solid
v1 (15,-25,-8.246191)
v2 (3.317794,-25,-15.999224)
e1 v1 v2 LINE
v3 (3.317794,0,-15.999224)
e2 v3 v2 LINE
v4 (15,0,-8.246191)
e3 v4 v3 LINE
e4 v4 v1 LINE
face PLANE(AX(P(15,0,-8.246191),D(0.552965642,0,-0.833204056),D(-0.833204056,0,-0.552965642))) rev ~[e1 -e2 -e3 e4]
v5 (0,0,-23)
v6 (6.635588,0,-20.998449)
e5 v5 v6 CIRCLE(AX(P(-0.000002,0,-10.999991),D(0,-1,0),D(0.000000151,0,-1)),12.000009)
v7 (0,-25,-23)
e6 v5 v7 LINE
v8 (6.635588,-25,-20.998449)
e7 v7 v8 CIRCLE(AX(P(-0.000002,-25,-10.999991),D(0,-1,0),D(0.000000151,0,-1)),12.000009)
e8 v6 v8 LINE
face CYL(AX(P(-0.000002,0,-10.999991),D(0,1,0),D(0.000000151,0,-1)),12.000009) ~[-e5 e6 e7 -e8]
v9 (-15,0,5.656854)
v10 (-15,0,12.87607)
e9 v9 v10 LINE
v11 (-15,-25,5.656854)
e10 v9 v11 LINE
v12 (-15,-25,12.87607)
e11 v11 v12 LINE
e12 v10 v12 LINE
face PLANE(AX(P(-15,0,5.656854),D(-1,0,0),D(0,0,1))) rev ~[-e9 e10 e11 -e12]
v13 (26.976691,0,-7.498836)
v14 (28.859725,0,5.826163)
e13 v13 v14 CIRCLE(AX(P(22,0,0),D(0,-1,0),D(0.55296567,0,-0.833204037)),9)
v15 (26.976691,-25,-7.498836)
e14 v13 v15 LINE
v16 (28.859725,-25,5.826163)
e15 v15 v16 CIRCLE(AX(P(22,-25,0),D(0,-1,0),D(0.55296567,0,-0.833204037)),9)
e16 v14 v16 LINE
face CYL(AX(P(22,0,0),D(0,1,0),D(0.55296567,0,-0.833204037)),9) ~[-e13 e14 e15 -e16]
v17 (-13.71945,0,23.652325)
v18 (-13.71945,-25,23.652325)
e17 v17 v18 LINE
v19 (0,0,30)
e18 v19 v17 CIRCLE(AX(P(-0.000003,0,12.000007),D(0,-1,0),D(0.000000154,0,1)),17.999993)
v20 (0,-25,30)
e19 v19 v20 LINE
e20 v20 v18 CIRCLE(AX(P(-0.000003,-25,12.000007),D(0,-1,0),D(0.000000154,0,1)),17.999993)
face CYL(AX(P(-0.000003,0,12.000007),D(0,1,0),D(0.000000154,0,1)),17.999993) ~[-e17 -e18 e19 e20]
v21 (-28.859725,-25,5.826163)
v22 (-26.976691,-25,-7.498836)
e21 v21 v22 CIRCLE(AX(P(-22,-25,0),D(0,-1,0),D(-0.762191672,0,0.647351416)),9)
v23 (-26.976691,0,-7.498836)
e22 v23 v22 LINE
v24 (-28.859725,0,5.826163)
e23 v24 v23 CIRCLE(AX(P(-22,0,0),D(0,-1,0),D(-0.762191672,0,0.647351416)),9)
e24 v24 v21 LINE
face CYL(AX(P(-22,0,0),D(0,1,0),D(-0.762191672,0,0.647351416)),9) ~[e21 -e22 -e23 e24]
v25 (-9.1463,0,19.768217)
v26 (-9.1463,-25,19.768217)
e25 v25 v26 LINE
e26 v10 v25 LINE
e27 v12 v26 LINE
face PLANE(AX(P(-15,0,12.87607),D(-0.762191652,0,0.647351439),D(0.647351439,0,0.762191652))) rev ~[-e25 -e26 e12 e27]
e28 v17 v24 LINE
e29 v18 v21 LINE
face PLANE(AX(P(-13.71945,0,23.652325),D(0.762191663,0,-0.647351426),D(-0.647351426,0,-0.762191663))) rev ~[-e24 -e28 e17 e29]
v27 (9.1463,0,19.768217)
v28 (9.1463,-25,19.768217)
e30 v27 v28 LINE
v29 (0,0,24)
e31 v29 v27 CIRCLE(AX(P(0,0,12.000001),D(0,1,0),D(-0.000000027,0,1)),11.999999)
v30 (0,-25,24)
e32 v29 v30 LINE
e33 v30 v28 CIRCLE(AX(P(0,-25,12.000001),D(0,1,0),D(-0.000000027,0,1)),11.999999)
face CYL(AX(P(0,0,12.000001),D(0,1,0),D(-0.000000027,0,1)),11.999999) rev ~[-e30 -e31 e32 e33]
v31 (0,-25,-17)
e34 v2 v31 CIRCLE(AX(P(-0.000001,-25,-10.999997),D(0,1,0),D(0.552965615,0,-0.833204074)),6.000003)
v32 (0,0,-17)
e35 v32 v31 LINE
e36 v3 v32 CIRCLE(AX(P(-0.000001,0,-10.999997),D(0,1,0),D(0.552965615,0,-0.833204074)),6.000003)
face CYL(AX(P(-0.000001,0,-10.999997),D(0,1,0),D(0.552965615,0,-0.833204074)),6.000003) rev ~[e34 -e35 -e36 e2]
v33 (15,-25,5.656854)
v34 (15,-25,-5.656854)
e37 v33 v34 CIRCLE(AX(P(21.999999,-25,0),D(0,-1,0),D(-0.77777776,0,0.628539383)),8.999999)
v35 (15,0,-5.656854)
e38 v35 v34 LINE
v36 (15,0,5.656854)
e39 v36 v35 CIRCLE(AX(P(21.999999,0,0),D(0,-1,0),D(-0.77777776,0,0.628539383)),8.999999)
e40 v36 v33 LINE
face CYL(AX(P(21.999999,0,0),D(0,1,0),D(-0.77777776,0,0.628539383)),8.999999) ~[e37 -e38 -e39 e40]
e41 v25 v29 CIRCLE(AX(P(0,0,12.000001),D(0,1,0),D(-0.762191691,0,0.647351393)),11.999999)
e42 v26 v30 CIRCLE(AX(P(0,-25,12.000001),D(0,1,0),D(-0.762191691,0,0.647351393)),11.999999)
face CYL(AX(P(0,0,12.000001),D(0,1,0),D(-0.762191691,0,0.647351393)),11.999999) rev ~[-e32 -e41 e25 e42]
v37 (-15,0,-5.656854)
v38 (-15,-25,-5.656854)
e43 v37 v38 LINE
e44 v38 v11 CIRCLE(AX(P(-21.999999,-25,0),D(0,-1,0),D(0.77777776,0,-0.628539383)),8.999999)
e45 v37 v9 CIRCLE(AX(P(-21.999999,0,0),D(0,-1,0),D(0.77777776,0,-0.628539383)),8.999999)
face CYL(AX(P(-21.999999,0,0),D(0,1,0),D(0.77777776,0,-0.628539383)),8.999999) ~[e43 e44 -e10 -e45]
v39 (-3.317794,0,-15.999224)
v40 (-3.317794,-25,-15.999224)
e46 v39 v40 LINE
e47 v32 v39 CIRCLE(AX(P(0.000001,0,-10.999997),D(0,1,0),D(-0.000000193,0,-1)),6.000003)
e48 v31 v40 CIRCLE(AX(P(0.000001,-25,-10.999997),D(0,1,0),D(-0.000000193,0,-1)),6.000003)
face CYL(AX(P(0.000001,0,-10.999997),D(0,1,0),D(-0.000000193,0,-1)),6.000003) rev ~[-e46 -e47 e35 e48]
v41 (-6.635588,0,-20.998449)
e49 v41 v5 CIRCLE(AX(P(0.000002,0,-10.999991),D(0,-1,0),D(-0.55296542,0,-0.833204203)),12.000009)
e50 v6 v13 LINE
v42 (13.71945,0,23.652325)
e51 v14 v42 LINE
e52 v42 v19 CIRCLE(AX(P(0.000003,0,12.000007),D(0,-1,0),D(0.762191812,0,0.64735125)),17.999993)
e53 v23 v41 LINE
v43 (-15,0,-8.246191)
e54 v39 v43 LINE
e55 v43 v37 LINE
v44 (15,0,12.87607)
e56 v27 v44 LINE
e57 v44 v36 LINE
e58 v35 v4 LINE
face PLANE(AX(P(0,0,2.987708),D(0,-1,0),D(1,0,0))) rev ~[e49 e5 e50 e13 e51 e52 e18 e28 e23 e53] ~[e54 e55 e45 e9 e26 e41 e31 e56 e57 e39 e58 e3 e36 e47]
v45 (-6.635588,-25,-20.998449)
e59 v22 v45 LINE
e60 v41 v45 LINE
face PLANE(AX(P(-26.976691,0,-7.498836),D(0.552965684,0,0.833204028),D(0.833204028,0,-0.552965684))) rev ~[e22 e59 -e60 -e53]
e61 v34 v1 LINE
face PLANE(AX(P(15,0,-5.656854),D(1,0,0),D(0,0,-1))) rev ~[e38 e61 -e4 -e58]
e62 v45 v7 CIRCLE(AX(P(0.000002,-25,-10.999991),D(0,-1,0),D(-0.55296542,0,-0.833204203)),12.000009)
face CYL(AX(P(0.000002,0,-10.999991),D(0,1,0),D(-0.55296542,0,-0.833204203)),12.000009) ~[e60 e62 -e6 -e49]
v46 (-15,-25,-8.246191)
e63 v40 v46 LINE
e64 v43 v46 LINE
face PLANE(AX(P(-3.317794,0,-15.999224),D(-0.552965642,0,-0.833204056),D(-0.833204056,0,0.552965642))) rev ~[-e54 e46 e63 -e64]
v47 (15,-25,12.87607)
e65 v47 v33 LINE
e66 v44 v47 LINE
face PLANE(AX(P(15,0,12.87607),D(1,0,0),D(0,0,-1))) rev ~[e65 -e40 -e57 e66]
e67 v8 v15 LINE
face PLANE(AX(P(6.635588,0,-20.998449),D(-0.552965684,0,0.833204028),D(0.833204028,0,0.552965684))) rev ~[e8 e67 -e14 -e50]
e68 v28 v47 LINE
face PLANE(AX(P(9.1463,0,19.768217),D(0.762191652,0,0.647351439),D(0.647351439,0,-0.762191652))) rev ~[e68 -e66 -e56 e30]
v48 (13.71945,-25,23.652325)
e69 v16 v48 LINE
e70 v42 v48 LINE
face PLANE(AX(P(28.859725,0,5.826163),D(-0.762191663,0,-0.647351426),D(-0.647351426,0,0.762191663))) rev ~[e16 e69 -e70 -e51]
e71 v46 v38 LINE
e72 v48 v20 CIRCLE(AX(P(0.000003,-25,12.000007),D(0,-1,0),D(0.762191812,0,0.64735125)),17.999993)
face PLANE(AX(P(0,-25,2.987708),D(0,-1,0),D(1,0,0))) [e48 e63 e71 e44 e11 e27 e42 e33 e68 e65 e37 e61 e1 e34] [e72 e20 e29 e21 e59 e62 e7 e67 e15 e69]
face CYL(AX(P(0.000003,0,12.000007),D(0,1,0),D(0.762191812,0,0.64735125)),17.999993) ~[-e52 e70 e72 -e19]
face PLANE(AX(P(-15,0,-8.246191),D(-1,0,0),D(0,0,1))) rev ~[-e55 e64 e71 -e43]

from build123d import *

# Parameters (mm, degrees)
F1_DEPTH = 25


with BuildPart() as f1:
    # F0 (on Front) → F1 (new body)
    with BuildSketch(Plane.XZ):
        with BuildLine():
            Line((28.859725, 5.826163), (13.71945, 23.652325))
            ThreePointArc((13.71945, 23.652325), (7.558378, 28.336185), (0, 30))
            ThreePointArc((0, 30), (-7.558378, 28.336185), (-13.71945, 23.652325))
            Line((-13.71945, 23.652325), (-28.859725, 5.826163))
            ThreePointArc((-28.859725, 5.826163), (-30.911458, -1.259331), (-26.976691, -7.498836))
            Line((-26.976691, -7.498836), (-6.635588, -20.998449))
            ThreePointArc((-6.635588, -20.998449), (-3.465445, -22.48872), (0, -23))
            ThreePointArc((0, -23), (3.465445, -22.48872), (6.635588, -20.998449))
            Line((6.635588, -20.998449), (26.976691, -7.498836))
            ThreePointArc((26.976691, -7.498836), (30.911458, -1.259331), (28.859725, 5.826163))
        make_face()
        with BuildLine():
            Line((15, 12.87607), (15, 5.656854))
            ThreePointArc((15, 5.656854), (13, 0), (15, -5.656854))
            Line((15, -5.656854), (15, -8.246191))
            Line((15, -8.246191), (3.317794, -15.999224))
            ThreePointArc((3.317794, -15.999224), (1.732722, -16.74436), (0, -17))
            ThreePointArc((0, -17), (-1.732722, -16.74436), (-3.317794, -15.999224))
            Line((-3.317794, -15.999224), (-15, -8.246191))
            Line((-15, -8.246191), (-15, -5.656854))
            ThreePointArc((-15, -5.656854), (-13, 0), (-15, 5.656854))
            Line((-15, 5.656854), (-15, 12.87607))
            Line((-15, 12.87607), (-9.1463, 19.768217))
            ThreePointArc((-9.1463, 19.768217), (-5.038918, 22.89079), (0, 24))
            ThreePointArc((0, 24), (5.038918, 22.89079), (9.1463, 19.768217))
            Line((9.1463, 19.768217), (15, 12.87607))
        make_face(mode=Mode.SUBTRACT)
    extrude(amount=F1_DEPTH)


solid = f1.part
